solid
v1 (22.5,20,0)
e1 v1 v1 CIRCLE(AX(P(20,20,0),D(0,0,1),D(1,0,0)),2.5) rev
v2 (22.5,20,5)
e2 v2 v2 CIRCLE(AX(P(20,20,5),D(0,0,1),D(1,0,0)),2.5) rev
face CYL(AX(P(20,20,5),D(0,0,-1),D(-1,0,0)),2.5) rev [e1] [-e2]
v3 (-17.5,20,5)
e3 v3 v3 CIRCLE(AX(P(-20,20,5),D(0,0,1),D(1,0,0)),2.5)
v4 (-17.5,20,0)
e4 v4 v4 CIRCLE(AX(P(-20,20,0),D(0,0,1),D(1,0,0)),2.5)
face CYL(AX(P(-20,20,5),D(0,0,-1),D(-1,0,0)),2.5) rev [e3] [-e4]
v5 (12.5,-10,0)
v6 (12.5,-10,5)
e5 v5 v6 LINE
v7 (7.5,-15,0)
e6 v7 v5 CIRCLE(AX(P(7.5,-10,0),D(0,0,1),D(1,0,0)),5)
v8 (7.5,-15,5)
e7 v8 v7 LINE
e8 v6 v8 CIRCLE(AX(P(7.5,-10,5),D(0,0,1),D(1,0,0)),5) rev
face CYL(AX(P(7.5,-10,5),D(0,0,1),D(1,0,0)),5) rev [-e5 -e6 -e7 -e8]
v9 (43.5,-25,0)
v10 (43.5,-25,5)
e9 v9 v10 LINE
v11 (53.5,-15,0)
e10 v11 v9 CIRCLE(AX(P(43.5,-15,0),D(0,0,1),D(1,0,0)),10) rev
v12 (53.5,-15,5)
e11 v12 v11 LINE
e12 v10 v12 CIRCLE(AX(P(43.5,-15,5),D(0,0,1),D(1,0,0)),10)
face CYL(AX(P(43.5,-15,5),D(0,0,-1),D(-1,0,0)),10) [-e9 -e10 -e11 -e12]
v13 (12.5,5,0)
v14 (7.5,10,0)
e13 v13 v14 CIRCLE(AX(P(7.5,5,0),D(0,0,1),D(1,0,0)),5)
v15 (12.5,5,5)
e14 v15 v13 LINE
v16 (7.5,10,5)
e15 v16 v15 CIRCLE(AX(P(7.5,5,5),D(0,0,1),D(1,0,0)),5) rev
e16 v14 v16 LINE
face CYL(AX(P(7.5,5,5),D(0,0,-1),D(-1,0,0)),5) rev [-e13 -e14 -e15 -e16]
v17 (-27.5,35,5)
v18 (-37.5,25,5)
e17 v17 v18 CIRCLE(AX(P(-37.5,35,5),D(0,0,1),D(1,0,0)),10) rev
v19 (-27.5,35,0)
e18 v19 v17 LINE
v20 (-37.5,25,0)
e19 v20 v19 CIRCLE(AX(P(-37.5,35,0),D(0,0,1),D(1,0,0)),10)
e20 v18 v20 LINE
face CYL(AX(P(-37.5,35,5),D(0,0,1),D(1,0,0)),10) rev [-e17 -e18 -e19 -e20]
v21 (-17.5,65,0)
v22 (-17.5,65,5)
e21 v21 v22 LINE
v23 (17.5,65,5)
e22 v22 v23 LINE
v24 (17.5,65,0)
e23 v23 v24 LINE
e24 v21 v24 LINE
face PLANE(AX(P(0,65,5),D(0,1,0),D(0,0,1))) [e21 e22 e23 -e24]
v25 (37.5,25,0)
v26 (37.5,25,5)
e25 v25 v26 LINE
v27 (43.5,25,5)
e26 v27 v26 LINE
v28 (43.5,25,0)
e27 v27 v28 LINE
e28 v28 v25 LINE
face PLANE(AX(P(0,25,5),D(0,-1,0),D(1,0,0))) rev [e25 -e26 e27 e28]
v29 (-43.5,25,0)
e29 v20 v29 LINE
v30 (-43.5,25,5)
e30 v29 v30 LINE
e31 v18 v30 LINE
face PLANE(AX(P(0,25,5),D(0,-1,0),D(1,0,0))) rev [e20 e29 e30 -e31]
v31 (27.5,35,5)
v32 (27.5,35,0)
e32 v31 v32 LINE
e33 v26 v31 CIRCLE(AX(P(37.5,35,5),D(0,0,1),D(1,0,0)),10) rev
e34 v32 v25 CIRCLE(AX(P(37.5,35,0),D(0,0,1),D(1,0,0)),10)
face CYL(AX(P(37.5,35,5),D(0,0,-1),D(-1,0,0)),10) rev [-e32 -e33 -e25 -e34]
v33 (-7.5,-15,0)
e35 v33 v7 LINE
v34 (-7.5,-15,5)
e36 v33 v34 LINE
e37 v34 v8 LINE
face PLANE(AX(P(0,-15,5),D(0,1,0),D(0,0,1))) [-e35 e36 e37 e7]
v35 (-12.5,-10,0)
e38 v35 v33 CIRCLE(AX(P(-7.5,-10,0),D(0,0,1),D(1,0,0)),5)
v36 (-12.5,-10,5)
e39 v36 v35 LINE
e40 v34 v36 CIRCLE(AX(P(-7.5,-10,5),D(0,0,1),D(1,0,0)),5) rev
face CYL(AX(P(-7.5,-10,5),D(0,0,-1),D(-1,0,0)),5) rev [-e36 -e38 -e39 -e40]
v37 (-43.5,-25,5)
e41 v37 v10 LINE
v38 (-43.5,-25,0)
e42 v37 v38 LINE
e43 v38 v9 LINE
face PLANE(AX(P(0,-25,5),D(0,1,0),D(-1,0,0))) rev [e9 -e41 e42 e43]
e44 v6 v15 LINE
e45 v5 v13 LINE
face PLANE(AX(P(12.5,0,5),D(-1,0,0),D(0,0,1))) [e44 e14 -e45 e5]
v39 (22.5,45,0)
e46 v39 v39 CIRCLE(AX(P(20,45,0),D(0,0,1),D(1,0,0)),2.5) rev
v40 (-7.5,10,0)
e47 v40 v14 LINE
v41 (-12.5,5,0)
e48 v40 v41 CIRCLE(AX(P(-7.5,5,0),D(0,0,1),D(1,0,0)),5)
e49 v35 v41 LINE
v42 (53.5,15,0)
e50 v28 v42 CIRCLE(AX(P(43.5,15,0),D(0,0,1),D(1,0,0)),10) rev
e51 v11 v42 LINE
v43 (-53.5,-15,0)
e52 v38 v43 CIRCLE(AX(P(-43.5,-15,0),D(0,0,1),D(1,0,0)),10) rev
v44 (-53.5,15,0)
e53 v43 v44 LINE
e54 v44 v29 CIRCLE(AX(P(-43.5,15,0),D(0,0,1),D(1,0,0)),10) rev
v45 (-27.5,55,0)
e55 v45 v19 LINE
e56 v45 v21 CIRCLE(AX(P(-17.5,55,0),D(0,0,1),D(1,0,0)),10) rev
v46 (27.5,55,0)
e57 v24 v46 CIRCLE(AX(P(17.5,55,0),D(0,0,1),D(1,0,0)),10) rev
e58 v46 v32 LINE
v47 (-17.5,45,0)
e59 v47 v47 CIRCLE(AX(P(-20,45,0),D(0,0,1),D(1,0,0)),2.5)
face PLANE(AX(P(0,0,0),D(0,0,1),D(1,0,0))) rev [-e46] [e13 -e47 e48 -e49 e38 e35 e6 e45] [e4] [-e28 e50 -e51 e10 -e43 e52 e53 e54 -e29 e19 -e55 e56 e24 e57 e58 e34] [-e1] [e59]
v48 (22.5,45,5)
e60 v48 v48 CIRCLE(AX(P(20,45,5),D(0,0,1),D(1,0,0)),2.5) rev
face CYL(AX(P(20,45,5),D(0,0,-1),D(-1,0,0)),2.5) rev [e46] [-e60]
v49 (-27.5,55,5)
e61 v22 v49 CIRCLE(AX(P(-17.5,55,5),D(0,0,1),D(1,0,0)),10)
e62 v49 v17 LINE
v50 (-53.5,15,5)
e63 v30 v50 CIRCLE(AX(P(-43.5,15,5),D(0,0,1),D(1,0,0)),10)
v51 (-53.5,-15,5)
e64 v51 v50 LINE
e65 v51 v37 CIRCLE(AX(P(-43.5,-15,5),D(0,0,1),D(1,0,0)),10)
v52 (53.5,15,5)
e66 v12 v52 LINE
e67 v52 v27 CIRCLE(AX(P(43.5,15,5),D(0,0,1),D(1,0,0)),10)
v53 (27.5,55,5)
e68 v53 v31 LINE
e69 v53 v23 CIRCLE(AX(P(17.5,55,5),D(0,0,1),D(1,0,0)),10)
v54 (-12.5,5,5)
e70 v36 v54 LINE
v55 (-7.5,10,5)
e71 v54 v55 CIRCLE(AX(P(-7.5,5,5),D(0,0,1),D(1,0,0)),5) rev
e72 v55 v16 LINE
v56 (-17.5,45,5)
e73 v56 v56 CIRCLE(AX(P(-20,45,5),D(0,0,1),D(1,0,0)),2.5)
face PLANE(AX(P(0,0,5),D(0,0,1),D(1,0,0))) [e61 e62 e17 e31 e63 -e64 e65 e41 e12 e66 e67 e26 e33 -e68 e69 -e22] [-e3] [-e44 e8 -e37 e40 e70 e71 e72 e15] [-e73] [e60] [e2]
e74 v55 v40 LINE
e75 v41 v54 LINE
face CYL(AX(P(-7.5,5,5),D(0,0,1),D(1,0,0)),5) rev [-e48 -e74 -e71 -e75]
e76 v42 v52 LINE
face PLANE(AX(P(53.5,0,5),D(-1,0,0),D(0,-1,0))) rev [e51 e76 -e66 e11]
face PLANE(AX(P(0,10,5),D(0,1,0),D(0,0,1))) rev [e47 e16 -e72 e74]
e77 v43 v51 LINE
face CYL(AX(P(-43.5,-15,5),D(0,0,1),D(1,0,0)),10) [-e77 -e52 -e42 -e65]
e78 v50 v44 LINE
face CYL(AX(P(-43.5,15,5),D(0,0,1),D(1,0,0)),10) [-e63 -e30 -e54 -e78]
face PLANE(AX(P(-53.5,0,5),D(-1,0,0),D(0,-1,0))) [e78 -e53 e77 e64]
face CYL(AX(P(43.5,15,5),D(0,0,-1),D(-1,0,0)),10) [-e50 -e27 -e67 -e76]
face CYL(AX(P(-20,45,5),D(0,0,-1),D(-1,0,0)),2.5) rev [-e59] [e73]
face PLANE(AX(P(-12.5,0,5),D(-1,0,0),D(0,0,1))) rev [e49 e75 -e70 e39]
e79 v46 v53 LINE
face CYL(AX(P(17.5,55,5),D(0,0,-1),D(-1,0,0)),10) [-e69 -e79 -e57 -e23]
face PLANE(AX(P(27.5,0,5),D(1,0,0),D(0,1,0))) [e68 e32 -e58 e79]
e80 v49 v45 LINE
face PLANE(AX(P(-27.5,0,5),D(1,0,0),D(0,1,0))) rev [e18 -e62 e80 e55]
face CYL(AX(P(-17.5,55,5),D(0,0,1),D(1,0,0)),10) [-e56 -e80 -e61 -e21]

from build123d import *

# Parameters (mm, degrees)
SKETCH1_4_W         = 25
SKETCH1_4_H         = 25
SKETCH1_4_R         = 2.5
BOSS_EXTRUDE2_DEPTH = 5
FILLET3_R           = 10
FILLET4_R           = 5


with BuildPart() as part:
    # Sketch1<4> → Boss-Extrude2 (new body)
    with BuildSketch(Plane.XY):
        Polygon((-53.5, 25), (-53.5, -25), (53.5, -25), (53.5, 25), (27.5, 25), (27.5, 65), (-27.5, 65), (-27.5, 25), align=None)
        with Locations((0, -2.5)):
            Rectangle(SKETCH1_4_W, SKETCH1_4_H, mode=Mode.SUBTRACT)
        with Locations((-20, 20)):
            Circle(SKETCH1_4_R, mode=Mode.SUBTRACT)
        with Locations((-20, 45)):
            Circle(SKETCH1_4_R, mode=Mode.SUBTRACT)
        with Locations((20, 20)):
            Circle(SKETCH1_4_R, mode=Mode.SUBTRACT)
        with Locations((20, 45)):
            Circle(SKETCH1_4_R, mode=Mode.SUBTRACT)
    extrude(amount=BOSS_EXTRUDE2_DEPTH)

    # Fillet3
    fillet3_edges = [part.edges().sort_by_distance(p)[0] for p in [
        (-27.5, 65, 2.5),
        (27.5, 65, 2.5),
        (27.5, 25, 2.5),
        (53.5, 25, 2.5),
        (53.5, -25, 2.5),
        (-53.5, 25, 2.5),
        (-27.5, 25, 2.5),
        (-53.5, -25, 2.5),
    ]]
    fillet(fillet3_edges, radius=FILLET3_R)

    # Fillet4
    fillet4_edges = [part.edges().sort_by_distance(p)[0] for p in [
        (-12.5, 10, 2.5),
        (-12.5, -15, 2.5),
        (12.5, -15, 2.5),
        (12.5, 10, 2.5),
    ]]
    fillet(fillet4_edges, radius=FILLET4_R)


solid = part.part
